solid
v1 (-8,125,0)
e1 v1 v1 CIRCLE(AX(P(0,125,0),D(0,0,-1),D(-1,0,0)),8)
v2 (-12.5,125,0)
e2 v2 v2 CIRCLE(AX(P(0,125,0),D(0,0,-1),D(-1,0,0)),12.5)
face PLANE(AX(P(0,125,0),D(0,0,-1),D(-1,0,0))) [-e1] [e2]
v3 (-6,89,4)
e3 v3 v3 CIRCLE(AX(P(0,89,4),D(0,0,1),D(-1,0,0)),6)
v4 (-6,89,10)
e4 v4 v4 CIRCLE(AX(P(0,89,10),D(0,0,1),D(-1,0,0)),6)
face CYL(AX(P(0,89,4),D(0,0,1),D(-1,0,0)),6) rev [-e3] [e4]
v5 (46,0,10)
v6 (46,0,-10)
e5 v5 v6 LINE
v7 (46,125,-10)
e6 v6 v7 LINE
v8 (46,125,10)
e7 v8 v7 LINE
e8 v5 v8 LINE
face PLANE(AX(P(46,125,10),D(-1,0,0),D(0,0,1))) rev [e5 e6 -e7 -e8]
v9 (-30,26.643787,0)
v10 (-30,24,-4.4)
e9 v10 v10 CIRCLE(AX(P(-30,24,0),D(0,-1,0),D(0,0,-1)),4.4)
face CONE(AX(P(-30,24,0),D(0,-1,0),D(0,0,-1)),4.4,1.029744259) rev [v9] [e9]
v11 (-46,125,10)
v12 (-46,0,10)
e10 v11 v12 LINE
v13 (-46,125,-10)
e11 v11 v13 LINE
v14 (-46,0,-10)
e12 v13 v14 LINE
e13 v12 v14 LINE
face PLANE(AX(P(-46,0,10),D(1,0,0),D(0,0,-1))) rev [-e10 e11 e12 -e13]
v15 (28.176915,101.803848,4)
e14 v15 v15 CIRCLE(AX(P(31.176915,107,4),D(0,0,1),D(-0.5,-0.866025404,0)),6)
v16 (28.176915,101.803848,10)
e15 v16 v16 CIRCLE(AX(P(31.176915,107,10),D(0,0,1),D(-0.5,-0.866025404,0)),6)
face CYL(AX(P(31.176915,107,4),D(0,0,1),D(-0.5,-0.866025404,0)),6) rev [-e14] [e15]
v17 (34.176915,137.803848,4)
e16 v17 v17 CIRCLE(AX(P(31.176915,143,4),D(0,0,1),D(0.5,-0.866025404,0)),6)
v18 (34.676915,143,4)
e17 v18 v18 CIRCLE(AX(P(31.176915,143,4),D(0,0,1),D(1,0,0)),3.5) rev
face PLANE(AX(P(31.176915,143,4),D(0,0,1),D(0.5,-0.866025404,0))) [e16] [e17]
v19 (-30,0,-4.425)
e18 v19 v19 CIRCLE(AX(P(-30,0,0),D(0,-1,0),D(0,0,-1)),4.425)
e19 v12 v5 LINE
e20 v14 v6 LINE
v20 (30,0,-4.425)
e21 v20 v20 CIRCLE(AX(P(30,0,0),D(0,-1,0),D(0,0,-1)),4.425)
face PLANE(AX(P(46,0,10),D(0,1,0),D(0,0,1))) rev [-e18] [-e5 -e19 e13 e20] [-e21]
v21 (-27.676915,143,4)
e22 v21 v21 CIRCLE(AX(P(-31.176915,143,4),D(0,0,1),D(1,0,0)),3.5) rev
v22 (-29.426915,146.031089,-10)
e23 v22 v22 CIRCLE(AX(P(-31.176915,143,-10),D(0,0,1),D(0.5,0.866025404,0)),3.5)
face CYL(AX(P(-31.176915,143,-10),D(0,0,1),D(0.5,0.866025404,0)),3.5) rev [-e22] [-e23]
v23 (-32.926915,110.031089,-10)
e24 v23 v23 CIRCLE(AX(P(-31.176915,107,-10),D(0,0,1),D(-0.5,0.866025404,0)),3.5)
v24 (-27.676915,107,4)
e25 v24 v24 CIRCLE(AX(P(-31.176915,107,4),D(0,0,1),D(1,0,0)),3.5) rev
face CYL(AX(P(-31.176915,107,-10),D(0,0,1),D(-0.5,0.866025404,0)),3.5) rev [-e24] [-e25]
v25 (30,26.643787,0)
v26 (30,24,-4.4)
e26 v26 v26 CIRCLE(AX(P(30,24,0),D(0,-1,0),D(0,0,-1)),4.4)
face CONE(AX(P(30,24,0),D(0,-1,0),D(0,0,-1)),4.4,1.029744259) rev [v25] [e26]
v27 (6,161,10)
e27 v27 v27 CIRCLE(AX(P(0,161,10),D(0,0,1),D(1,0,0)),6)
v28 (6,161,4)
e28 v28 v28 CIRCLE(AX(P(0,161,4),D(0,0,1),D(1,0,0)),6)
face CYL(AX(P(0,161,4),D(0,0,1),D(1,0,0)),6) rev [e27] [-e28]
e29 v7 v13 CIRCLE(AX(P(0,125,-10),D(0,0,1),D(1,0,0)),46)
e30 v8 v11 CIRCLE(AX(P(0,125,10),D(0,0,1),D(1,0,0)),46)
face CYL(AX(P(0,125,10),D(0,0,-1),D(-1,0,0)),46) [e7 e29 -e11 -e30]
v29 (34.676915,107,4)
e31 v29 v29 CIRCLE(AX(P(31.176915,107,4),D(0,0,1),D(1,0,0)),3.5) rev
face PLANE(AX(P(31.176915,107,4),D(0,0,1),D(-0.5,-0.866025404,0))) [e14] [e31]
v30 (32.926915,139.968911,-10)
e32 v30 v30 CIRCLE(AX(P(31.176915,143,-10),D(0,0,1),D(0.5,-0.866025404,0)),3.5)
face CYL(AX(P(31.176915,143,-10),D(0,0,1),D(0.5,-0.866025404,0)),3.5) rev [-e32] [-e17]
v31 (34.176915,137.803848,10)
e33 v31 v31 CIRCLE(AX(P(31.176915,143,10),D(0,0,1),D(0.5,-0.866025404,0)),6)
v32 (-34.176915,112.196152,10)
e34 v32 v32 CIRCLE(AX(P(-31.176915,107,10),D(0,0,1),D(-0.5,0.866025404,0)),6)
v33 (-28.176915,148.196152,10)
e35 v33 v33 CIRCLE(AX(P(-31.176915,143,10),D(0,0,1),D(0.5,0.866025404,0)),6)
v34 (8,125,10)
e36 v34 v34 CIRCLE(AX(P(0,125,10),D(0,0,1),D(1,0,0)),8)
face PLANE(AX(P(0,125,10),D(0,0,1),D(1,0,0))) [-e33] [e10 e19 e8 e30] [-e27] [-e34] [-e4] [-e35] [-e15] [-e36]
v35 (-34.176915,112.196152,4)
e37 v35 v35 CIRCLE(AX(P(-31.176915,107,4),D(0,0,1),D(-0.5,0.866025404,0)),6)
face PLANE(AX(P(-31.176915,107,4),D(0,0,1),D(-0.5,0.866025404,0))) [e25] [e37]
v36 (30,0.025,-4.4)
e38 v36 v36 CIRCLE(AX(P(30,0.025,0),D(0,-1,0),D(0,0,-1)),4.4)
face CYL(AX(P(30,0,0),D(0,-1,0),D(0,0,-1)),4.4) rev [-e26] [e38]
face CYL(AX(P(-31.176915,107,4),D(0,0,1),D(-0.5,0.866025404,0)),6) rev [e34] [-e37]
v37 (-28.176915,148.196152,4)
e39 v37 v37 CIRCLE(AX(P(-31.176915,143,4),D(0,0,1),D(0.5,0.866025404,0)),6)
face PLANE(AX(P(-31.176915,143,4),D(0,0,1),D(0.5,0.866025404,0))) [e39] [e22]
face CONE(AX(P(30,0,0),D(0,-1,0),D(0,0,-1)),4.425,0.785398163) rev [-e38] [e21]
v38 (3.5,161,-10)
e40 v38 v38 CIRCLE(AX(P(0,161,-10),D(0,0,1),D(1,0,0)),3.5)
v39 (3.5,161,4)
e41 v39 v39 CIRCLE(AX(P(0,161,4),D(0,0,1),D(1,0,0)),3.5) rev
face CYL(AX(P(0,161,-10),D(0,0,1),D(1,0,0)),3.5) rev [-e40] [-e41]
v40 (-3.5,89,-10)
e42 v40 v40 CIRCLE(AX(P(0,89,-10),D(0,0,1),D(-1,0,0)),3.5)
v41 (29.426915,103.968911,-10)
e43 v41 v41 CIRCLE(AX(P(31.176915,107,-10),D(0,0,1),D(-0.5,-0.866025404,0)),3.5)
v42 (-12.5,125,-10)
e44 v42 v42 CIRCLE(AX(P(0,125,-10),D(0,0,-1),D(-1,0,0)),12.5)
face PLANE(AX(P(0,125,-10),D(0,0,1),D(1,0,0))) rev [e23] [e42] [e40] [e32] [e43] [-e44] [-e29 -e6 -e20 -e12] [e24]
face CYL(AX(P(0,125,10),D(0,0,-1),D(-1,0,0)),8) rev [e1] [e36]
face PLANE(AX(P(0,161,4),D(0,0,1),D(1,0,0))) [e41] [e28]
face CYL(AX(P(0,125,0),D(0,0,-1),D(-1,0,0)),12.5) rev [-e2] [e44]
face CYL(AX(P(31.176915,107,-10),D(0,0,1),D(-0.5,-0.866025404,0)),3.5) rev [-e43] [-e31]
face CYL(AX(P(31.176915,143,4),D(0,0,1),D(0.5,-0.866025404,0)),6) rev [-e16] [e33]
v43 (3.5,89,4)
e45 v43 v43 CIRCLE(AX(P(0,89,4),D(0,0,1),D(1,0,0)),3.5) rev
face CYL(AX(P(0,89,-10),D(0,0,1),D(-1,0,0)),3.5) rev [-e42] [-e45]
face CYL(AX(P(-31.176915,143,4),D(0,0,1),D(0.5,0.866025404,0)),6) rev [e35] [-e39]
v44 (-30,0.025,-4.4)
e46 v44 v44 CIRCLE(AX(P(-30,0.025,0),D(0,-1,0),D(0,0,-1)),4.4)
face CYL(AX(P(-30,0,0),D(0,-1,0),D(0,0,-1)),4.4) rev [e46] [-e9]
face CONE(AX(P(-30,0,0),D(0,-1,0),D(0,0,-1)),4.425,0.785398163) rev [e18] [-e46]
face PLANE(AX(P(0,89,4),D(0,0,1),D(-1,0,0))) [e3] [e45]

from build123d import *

# Parameters (mm, degrees)
SKETCH1_R                               = 8
BOSS_EXTRUDE1_DEPTH                     = 10
SKETCH3_R                               = 3.5
CUT_EXTRUDE2_DEPTH                      = 179.204938203
SKETCH4_R                               = 6
CUT_EXTRUDE3_DEPTH                      = 6
CIRPATTERN4_COUNT                       = 6
TAP_DRILL_FOR_M10X1_25_TAP1_D           = 8.8
TAP_DRILL_FOR_M10X1_25_TAP1_DEPTH       = 24
TAP_DRILL_FOR_M10X1_25_TAP1_CSINK_D     = 8.85
TAP_DRILL_FOR_M10X1_25_TAP1_CSINK_ANGLE = 90
TAP_DRILL_FOR_M10X1_25_TAP1_TIP         = 2.643786724
SKETCH10_R                              = 12.5
CUT_EXTRUDE4_DEPTH                      = 10


with BuildPart() as part:
    # Sketch1 → Boss-Extrude1 (new, symmetric)
    with BuildSketch(Plane.XY):
        with BuildLine():
            Line((46, 125), (46, 0))
            Line((46, 0), (-46, 0))
            Line((-46, 0), (-46, 125))
            ThreePointArc((-46, 125), (0, 171), (46, 125))
        make_face()
        with Locations((0, 125)):
            Circle(SKETCH1_R, mode=Mode.SUBTRACT)
    extrude(amount=BOSS_EXTRUDE1_DEPTH, both=True)

    # Sketch3 → Cut-Extrude2 (cut, through all)
    with BuildSketch(Plane.XY.offset(10)):
        with Locations((0, 161)):
            Circle(SKETCH3_R)
    cut_extrude2 = extrude(amount=-CUT_EXTRUDE2_DEPTH, mode=Mode.SUBTRACT)

    # Sketch4 → Cut-Extrude3 (cut)
    with BuildSketch(Plane.XY.offset(10)):
        with Locations((0, 161)):
            Circle(SKETCH4_R)
    cut_extrude3 = extrude(amount=-CUT_EXTRUDE3_DEPTH, mode=Mode.SUBTRACT)

    # CirPattern4: Cut-Extrude2, Cut-Extrude3 ×6 about axis
    cirpattern4_axis = Axis((0, 125, 0), (0, 0, 1))
    add([cut_extrude2.rotate(cirpattern4_axis, i * 360 / CIRPATTERN4_COUNT) for i in range(1, CIRPATTERN4_COUNT)], mode=Mode.SUBTRACT)
    add([cut_extrude3.rotate(cirpattern4_axis, i * 360 / CIRPATTERN4_COUNT) for i in range(1, CIRPATTERN4_COUNT)], mode=Mode.SUBTRACT)

    # Tap Drill for M10x1.25 Tap1
    with Locations(Plane(origin=(0, 0, 0), x_dir=(-1, 0, 0), z_dir=(0, -1, 0))):
        with Locations((-30, 0), (30, 0)):
            CounterSinkHole(TAP_DRILL_FOR_M10X1_25_TAP1_D / 2, TAP_DRILL_FOR_M10X1_25_TAP1_CSINK_D / 2, depth=TAP_DRILL_FOR_M10X1_25_TAP1_DEPTH, counter_sink_angle=TAP_DRILL_FOR_M10X1_25_TAP1_CSINK_ANGLE)
            with Locations((0, 0, -(TAP_DRILL_FOR_M10X1_25_TAP1_DEPTH + TAP_DRILL_FOR_M10X1_25_TAP1_TIP / 2))):  # 118° drill point
                Cone(0, TAP_DRILL_FOR_M10X1_25_TAP1_D / 2, TAP_DRILL_FOR_M10X1_25_TAP1_TIP, mode=Mode.SUBTRACT)

    # Sketch10 → Cut-Extrude4 (cut)
    with BuildSketch(Plane(origin=(0, 0, -10), x_dir=(-1, 0, 0), z_dir=(0, 0, -1))):
        with Locations((0, 125)):
            Circle(SKETCH10_R)
    extrude(amount=-CUT_EXTRUDE4_DEPTH, mode=Mode.SUBTRACT)


solid = part.part
